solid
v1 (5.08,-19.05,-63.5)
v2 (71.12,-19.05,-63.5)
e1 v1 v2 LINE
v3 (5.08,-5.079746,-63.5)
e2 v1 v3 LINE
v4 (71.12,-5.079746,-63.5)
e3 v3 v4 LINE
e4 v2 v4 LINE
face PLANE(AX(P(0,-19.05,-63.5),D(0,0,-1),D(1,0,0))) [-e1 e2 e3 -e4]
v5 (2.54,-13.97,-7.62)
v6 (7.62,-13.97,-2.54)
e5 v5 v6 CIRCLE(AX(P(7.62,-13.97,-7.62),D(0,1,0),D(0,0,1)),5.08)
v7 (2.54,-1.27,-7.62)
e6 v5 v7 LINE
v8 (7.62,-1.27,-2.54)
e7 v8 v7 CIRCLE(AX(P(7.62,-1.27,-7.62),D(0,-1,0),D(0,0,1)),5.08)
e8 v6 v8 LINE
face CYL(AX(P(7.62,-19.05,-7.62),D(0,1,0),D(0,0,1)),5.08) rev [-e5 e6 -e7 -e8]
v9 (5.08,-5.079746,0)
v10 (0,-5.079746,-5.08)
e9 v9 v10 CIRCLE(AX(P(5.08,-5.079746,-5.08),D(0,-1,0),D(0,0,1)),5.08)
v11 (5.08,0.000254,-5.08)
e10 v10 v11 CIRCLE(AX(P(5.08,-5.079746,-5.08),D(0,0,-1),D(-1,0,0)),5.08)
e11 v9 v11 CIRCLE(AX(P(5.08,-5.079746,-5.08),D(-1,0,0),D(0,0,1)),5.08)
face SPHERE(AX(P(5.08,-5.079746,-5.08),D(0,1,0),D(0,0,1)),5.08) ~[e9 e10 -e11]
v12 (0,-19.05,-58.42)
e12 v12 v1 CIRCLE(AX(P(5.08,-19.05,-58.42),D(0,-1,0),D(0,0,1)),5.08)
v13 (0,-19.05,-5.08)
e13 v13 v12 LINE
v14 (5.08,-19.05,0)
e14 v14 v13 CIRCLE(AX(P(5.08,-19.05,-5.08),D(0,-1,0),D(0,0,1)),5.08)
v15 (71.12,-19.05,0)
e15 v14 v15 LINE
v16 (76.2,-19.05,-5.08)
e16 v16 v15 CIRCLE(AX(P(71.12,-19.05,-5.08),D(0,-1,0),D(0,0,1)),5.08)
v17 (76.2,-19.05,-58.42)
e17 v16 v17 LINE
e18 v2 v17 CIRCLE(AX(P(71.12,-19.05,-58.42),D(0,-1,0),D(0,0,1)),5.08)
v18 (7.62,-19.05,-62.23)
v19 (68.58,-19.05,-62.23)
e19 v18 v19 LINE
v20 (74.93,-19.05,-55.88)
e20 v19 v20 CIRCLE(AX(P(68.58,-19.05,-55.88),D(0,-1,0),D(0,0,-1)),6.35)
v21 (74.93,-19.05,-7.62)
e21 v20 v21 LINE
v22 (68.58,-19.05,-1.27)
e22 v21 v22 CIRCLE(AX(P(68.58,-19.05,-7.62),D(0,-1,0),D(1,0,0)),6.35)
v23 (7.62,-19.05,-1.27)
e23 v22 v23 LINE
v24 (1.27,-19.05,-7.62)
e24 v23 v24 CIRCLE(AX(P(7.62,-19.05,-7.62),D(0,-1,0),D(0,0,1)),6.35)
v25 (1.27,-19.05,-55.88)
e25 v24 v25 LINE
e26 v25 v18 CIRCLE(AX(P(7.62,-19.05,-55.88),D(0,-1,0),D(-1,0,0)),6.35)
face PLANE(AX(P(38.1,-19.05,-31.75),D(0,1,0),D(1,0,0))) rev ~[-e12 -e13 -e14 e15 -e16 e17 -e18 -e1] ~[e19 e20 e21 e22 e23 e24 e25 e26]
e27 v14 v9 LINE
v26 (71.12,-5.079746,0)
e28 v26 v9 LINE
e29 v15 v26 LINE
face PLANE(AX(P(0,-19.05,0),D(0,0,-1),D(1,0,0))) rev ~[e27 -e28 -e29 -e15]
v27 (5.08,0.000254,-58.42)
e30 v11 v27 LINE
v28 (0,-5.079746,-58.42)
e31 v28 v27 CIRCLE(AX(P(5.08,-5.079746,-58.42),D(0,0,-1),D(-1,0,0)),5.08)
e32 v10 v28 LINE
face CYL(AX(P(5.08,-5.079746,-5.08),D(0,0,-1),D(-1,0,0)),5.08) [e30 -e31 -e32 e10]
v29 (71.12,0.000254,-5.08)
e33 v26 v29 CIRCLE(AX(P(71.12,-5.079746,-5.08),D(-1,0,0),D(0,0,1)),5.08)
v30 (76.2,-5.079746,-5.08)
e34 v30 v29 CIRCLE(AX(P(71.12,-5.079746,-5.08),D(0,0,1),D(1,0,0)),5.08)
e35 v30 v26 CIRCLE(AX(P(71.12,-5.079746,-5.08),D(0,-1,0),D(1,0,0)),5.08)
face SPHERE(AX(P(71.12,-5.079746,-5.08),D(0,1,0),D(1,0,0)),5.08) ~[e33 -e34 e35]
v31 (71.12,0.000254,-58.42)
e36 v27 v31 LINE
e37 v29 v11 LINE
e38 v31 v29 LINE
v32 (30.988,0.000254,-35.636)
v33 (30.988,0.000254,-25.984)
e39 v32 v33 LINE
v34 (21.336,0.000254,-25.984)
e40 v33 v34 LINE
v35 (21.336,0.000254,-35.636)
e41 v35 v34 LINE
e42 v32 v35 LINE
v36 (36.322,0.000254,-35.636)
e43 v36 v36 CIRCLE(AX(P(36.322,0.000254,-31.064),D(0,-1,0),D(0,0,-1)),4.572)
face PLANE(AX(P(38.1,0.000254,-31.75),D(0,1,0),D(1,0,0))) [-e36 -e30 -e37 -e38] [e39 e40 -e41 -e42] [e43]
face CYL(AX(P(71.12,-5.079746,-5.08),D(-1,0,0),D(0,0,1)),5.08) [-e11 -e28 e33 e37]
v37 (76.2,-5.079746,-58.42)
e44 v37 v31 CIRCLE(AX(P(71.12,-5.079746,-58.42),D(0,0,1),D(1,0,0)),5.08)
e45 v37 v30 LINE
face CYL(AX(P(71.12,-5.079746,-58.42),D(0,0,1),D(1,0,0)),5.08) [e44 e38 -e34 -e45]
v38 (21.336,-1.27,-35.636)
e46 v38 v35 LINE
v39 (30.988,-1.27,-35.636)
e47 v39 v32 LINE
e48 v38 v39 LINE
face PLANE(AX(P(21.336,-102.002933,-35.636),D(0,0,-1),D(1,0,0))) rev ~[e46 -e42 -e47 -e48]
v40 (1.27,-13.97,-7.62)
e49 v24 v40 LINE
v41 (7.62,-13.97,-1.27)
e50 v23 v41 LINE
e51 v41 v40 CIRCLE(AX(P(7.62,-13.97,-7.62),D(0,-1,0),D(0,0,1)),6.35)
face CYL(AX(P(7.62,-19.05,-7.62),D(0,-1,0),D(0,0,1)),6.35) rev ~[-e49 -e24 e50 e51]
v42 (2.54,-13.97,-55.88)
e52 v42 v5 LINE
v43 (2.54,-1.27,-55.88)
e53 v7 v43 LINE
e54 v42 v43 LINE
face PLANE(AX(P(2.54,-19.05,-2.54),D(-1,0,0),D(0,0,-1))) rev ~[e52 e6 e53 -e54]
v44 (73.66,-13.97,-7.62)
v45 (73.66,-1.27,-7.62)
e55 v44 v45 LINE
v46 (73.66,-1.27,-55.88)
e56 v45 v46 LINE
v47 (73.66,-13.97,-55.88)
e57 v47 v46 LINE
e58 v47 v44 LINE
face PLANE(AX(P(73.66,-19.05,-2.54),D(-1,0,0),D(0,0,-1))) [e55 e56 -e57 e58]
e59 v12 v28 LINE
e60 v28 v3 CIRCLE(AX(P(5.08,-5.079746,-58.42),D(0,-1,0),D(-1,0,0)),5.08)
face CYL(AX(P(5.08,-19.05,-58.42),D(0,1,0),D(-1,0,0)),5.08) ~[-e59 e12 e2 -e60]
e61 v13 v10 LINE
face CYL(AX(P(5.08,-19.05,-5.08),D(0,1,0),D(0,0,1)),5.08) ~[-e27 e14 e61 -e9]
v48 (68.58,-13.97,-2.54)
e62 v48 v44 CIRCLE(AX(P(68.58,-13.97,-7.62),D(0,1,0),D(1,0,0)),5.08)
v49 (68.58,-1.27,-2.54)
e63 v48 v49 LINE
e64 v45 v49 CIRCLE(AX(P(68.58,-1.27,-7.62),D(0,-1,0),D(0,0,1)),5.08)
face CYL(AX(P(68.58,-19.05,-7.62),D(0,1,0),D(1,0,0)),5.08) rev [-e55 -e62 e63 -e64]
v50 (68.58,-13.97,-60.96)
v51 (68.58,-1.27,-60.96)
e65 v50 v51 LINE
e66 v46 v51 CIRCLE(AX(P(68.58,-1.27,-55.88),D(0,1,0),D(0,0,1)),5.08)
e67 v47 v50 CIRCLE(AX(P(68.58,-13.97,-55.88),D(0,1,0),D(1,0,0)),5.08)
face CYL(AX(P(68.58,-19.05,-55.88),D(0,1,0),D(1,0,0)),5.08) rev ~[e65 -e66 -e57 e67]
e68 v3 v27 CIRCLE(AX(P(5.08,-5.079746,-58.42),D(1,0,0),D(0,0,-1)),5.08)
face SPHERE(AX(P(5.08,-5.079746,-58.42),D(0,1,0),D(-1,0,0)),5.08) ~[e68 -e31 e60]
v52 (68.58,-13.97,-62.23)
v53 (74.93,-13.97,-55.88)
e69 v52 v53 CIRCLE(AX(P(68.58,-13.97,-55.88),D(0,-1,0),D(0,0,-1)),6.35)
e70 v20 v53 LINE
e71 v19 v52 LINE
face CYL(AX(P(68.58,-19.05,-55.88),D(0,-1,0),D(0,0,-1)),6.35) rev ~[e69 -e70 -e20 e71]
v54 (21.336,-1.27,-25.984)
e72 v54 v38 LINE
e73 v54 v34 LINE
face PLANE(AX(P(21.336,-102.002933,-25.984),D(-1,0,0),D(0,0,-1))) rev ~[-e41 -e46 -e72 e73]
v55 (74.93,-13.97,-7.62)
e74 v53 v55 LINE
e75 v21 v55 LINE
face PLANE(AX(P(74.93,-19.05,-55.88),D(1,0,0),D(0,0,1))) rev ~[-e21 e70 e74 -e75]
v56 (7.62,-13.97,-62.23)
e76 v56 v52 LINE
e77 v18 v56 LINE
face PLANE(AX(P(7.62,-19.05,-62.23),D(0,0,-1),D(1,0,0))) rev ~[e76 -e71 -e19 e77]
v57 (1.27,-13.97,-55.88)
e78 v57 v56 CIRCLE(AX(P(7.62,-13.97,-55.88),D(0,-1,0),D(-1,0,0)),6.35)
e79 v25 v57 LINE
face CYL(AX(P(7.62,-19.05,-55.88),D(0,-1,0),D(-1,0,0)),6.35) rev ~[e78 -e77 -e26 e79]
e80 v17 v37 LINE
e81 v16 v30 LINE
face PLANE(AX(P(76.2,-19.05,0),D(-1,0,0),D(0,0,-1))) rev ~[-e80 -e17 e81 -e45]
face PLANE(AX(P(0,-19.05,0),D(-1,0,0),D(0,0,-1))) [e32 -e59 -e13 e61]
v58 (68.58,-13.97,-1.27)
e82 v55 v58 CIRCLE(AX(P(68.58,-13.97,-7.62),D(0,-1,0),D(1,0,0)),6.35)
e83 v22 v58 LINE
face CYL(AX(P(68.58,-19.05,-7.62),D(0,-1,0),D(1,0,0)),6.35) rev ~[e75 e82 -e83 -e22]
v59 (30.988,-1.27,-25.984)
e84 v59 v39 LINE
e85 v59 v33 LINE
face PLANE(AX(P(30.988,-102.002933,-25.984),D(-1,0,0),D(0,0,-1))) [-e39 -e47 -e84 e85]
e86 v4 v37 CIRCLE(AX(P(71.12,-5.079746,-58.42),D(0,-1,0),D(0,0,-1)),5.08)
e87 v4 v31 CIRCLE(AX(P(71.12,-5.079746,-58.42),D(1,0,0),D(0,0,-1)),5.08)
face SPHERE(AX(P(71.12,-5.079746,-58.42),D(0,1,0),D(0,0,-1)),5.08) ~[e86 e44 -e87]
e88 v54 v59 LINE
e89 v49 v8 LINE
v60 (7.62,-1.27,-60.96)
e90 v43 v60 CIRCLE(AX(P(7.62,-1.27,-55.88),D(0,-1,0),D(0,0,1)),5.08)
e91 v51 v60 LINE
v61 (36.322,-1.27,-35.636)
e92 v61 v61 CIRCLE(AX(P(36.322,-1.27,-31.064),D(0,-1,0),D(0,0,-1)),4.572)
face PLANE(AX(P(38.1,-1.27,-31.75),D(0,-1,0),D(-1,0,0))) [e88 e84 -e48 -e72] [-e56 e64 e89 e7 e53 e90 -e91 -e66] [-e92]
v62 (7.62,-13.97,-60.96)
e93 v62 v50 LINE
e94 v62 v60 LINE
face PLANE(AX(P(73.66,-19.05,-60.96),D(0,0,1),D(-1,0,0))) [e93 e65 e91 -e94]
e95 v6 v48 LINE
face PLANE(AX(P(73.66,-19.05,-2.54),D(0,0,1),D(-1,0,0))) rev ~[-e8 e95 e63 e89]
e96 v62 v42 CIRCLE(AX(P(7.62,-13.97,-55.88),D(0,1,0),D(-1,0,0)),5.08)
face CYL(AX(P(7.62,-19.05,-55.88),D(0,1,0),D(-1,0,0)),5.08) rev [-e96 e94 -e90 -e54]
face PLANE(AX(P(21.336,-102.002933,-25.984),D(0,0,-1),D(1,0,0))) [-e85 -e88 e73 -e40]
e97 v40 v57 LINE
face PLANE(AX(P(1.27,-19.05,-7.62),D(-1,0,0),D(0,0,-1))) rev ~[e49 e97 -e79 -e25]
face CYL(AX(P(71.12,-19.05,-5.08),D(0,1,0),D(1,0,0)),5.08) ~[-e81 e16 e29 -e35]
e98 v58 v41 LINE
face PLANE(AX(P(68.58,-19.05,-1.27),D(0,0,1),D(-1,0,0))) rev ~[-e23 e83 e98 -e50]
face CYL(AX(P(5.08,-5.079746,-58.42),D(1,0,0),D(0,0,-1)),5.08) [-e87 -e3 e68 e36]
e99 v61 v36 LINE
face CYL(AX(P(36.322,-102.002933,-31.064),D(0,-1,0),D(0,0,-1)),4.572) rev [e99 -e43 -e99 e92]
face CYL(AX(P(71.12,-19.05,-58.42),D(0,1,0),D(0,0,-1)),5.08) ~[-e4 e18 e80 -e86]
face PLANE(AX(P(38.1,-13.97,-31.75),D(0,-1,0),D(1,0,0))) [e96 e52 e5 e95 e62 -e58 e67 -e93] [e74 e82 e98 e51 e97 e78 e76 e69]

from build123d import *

# Parameters (mm, degrees)
BOSS_EXTRUDE1_DEPTH      = 0.000254
BOSS_EXTRUDE1_DEPTH_BACK = 19.05
SKETCH2_W                = 76.2
SKETCH2_H                = 63.5
SKETCH3_W                = 71.12
SKETCH3_H                = 58.42
CUT_EXTRUDE2_DEPTH       = 17.78
CUT_EXTRUDE3_DEPTH       = 2.54
CUT_EXTRUDE3_DEPTH_BACK  = 102.002933126
SKETCH2_3_R              = 4.572
SKETCH2_3_W              = 9.652
SKETCH2_3_H              = 9.652
FILLET1_R                = 5.08
FILLET2_R                = 5.08
FILLET3_R                = 5.08
FILLET4_R                = 5.08
FILLET5_R                = 5.08
FILLET6_R                = 5.08
CUT_EXTRUDE4_DEPTH       = 5.08


with BuildPart() as part:
    # Sketch2 → Boss-Extrude1 (new, two sides: drawn at the far end of the back side and taken through both)
    with BuildSketch(Plane(origin=(0, 0, 0), x_dir=(1, 0, 0), z_dir=(0, 1, 0)).offset(-BOSS_EXTRUDE1_DEPTH_BACK)):
        with Locations((38.1, 31.75)):
            Rectangle(SKETCH2_W, SKETCH2_H)
    extrude(amount=BOSS_EXTRUDE1_DEPTH + BOSS_EXTRUDE1_DEPTH_BACK)

    # Sketch3 → Cut-Extrude2 (cut)
    with BuildSketch(Plane(origin=(0, -19.05, 0), x_dir=(-1, 0, 0), z_dir=(0, -1, 0))):
        with Locations((-38.1, 31.75)):
            Rectangle(SKETCH3_W, SKETCH3_H)
    extrude(amount=-CUT_EXTRUDE2_DEPTH, mode=Mode.SUBTRACT)

    # Sketch2<3> → Cut-Extrude3 (cut, two sides: drawn at the far end of the back side and taken through both)
    with BuildSketch(Plane(origin=(0, 0, 0), x_dir=(1, 0, 0), z_dir=(0, 1, 0)).offset(-CUT_EXTRUDE3_DEPTH_BACK)):
        with Locations((36.322, 31.064)):
            Circle(SKETCH2_3_R)
        with Locations((26.162, 30.81)):
            Rectangle(SKETCH2_3_W, SKETCH2_3_H)
    extrude(amount=CUT_EXTRUDE3_DEPTH + CUT_EXTRUDE3_DEPTH_BACK, mode=Mode.SUBTRACT)

    # Fillet1
    fillet1_edges = [part.edges().sort_by_distance(p)[0] for p in [
        (76.2, -9.524873, -63.5),
    ]]
    fillet(fillet1_edges, radius=FILLET1_R)

    # Fillet2
    fillet2_edges = [part.edges().sort_by_distance(p)[0] for p in [
        (73.66, -10.16, -60.96),
    ]]
    fillet(fillet2_edges, radius=FILLET2_R)

    # Fillet3
    fillet3_edges = [part.edges().sort_by_distance(p)[0] for p in [
        (76.2, -9.524873, 0),
        (73.66, -10.16, -2.54),
    ]]
    fillet(fillet3_edges, radius=FILLET3_R)

    # Fillet4
    fillet4_edges = [part.edges().sort_by_distance(p)[0] for p in [
        (0, -9.524873, 0),
        (2.54, -10.16, -2.54),
    ]]
    fillet(fillet4_edges, radius=FILLET4_R)

    # Fillet5
    fillet5_edges = [part.edges().sort_by_distance(p)[0] for p in [
        (0, -9.524873, -63.5),
        (2.54, -10.16, -60.96),
    ]]
    fillet(fillet5_edges, radius=FILLET5_R)

    # Fillet6
    fillet6_edges = [part.edges().sort_by_distance(p)[0] for p in [
        (1.487897552, 0.000254, -1.487897552),
        (38.1, 0.000254, 0),
        (74.712102448, 0.000254, -1.487897552),
        (76.2, 0.000254, -31.75),
        (74.712102448, 0.000254, -62.012102448),
        (38.1, 0.000254, -63.5),
        (1.487897552, 0.000254, -62.012102448),
        (0, 0.000254, -31.75),
    ]]
    fillet(fillet6_edges, radius=FILLET6_R)

    # Sketch5 → Cut-Extrude4 (cut)
    with BuildSketch(Plane.XZ.offset(19.05)):
        with BuildLine():
            Line((1.27, -7.62), (1.27, -55.88))
            ThreePointArc((1.27, -55.88), (3.129871939, -60.370128061), (7.62, -62.23))
            Line((7.62, -62.23), (68.58, -62.23))
            ThreePointArc((68.58, -62.23), (73.070128061, -60.370128061), (74.93, -55.88))
            Line((74.93, -55.88), (74.93, -7.62))
            ThreePointArc((74.93, -7.62), (73.070128061, -3.129871939), (68.58, -1.27))
            Line((68.58, -1.27), (7.62, -1.27))
            ThreePointArc((7.62, -1.27), (3.129871939, -3.129871939), (1.27, -7.62))
        make_face()
    extrude(amount=-CUT_EXTRUDE4_DEPTH, mode=Mode.SUBTRACT)


solid = part.part
